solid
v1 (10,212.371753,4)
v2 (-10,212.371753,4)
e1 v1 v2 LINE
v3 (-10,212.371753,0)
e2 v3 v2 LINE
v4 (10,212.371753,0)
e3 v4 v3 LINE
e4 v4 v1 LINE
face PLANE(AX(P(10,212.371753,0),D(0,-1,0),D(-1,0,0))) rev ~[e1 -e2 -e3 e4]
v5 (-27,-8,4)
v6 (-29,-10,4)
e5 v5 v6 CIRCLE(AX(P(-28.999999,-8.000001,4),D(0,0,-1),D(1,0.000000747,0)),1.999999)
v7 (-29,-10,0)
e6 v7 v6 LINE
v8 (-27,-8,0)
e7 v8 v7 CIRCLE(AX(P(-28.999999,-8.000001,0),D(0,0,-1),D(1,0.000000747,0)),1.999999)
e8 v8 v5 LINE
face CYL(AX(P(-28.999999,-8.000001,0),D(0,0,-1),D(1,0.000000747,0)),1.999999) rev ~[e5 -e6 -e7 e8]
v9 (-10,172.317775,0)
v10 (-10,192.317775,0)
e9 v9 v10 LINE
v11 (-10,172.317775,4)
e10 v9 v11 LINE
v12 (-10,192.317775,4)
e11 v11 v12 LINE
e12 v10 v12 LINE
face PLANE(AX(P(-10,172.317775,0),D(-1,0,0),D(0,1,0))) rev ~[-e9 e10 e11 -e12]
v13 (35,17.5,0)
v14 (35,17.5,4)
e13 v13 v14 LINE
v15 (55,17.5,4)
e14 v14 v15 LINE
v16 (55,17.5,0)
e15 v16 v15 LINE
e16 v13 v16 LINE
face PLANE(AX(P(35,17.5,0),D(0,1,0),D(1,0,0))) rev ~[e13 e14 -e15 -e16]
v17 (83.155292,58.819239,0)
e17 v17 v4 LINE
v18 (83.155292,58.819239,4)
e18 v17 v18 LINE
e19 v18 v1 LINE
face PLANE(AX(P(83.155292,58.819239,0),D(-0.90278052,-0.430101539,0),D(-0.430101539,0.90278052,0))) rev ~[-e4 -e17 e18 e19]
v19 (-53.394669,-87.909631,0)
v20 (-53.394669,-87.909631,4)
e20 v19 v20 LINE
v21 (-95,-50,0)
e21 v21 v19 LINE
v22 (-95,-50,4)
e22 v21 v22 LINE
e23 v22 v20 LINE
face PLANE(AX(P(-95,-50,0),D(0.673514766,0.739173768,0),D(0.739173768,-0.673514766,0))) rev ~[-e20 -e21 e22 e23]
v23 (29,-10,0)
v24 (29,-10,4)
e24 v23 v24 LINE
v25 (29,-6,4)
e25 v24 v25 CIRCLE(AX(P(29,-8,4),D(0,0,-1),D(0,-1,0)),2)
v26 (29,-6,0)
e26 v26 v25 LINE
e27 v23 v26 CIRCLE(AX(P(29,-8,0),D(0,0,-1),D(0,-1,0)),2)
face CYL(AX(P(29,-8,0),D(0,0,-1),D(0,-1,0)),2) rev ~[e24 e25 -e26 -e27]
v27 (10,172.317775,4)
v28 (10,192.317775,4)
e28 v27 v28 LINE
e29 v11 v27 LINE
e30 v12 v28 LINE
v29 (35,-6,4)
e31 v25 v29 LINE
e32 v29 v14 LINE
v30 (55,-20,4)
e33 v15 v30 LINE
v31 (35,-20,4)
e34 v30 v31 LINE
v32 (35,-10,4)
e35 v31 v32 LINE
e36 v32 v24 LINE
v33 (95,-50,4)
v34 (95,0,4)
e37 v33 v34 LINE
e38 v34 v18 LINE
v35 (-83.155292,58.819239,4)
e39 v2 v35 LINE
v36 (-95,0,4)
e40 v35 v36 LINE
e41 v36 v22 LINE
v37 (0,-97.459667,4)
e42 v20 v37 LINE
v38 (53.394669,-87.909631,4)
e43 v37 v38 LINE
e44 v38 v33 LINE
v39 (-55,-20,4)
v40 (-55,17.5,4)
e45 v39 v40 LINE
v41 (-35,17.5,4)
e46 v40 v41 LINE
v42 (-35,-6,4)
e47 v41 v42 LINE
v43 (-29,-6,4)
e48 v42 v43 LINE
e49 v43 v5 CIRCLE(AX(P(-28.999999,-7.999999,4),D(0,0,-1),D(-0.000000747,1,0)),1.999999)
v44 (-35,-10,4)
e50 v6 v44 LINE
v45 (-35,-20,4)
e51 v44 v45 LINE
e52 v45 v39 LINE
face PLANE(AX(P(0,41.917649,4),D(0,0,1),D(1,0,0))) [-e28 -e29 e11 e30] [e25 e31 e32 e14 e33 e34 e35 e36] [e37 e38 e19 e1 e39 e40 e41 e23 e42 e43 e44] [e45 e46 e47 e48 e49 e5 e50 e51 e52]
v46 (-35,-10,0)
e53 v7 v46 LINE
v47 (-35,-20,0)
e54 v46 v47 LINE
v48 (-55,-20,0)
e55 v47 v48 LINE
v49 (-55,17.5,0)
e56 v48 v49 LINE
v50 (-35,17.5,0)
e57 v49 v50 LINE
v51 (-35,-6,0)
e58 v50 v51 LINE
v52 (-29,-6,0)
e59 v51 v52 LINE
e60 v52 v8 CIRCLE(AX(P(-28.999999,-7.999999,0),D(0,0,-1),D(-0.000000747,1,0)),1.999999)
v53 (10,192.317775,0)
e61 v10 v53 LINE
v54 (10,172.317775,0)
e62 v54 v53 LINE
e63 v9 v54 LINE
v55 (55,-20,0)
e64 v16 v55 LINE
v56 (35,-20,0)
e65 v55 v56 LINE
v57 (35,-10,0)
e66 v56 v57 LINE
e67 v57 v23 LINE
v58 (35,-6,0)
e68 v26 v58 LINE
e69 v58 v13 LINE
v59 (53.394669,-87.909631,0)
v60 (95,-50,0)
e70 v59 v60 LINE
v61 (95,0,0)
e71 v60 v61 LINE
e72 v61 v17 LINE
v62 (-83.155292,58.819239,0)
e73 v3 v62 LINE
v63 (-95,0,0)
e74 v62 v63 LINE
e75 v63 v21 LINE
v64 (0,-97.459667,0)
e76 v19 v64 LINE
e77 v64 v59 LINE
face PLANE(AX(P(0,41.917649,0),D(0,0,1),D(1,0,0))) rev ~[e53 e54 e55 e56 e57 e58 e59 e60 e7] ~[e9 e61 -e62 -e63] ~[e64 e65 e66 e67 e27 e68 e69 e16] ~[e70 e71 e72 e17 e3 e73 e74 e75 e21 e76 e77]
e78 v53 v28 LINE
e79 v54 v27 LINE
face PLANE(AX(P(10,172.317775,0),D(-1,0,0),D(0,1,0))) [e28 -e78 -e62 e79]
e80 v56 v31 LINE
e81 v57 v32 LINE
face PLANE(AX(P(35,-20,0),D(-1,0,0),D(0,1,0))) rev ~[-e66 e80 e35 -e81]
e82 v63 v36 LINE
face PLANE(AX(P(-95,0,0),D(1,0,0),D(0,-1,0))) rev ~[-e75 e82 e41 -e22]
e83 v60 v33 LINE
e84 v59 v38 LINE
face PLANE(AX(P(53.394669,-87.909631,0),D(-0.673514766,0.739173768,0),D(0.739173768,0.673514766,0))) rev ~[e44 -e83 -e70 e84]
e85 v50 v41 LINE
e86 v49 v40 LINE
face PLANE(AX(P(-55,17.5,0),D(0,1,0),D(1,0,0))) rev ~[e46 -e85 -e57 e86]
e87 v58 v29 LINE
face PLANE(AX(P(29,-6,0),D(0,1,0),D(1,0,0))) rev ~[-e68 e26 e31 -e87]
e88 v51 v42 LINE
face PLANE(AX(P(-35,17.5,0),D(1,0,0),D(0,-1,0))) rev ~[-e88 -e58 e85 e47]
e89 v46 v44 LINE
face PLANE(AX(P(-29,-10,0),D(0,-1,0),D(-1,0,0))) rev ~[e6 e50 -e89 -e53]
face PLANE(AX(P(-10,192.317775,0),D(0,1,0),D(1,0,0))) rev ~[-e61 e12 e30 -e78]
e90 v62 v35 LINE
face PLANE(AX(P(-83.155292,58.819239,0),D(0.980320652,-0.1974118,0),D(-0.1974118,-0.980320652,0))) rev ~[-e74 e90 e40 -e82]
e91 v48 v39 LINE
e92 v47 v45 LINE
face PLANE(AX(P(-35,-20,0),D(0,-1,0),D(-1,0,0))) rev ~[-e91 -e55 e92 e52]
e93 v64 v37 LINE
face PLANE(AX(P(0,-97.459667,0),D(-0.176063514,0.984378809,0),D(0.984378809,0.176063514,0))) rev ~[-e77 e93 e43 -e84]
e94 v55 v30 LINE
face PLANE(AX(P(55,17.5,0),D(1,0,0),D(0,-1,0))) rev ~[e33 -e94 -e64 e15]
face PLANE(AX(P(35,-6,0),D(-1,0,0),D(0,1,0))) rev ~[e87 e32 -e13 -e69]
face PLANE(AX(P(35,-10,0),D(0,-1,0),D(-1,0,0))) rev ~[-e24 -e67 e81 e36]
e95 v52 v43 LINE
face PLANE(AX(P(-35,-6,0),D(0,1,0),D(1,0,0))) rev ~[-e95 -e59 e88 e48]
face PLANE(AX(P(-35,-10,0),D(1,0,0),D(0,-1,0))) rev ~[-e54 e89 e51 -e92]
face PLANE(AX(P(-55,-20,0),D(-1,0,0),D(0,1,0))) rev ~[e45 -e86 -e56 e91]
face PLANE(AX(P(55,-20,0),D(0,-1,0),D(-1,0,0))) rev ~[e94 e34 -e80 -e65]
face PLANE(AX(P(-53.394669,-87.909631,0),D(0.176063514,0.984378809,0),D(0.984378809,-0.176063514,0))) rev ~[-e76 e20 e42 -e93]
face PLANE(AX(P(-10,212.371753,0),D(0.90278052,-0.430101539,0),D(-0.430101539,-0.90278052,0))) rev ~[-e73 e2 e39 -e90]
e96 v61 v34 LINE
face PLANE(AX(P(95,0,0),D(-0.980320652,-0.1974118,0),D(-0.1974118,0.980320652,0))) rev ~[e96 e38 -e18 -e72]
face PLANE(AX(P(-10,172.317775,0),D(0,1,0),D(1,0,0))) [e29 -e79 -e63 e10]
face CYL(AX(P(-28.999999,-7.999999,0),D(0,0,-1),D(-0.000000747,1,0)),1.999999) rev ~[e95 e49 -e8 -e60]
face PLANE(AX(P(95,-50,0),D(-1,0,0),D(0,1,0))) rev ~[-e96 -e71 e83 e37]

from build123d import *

# Parameters (mm, degrees)
F0_W     = 20
F0_H     = 20
F1_DEPTH = 4


with BuildPart() as f1:
    # F0 (on Top) → F1 (new body)
    with BuildSketch(Plane.XY):
        Polygon((-83.155292, 58.819239), (-95, 0), (-95, -50), (-53.394669, -87.909631), (0, -97.459667), (53.394669, -87.909631), (95, -50), (95, 0), (83.155292, 58.819239), (10, 212.371753), (-10, 212.371753), align=None)
        with BuildLine():
            Line((-55, -20), (-55, 17.5))
            Line((-55, 17.5), (-35, 17.5))
            Line((-35, 17.5), (-35, -6))
            Line((-35, -6), (-29, -6))
            ThreePointArc((-29, -6), (-27.585786, -6.585786), (-27, -8))
            ThreePointArc((-27, -8), (-27.585786, -9.414214), (-29, -10))
            Line((-29, -10), (-35, -10))
            Line((-35, -10), (-35, -20))
            Line((-35, -20), (-55, -20))
        make_face(mode=Mode.SUBTRACT)
        with BuildLine():
            Line((35, -6), (35, 17.5))
            Line((35, 17.5), (55, 17.5))
            Line((55, 17.5), (55, -20))
            Line((55, -20), (35, -20))
            Line((35, -20), (35, -10))
            Line((35, -10), (29, -10))
            ThreePointArc((29, -10), (27, -8), (29, -6))
            Line((29, -6), (35, -6))
        make_face(mode=Mode.SUBTRACT)
        with Locations((0, 182.317775)):
            Rectangle(F0_W, F0_H, mode=Mode.SUBTRACT)
    extrude(amount=F1_DEPTH)


solid = f1.part
